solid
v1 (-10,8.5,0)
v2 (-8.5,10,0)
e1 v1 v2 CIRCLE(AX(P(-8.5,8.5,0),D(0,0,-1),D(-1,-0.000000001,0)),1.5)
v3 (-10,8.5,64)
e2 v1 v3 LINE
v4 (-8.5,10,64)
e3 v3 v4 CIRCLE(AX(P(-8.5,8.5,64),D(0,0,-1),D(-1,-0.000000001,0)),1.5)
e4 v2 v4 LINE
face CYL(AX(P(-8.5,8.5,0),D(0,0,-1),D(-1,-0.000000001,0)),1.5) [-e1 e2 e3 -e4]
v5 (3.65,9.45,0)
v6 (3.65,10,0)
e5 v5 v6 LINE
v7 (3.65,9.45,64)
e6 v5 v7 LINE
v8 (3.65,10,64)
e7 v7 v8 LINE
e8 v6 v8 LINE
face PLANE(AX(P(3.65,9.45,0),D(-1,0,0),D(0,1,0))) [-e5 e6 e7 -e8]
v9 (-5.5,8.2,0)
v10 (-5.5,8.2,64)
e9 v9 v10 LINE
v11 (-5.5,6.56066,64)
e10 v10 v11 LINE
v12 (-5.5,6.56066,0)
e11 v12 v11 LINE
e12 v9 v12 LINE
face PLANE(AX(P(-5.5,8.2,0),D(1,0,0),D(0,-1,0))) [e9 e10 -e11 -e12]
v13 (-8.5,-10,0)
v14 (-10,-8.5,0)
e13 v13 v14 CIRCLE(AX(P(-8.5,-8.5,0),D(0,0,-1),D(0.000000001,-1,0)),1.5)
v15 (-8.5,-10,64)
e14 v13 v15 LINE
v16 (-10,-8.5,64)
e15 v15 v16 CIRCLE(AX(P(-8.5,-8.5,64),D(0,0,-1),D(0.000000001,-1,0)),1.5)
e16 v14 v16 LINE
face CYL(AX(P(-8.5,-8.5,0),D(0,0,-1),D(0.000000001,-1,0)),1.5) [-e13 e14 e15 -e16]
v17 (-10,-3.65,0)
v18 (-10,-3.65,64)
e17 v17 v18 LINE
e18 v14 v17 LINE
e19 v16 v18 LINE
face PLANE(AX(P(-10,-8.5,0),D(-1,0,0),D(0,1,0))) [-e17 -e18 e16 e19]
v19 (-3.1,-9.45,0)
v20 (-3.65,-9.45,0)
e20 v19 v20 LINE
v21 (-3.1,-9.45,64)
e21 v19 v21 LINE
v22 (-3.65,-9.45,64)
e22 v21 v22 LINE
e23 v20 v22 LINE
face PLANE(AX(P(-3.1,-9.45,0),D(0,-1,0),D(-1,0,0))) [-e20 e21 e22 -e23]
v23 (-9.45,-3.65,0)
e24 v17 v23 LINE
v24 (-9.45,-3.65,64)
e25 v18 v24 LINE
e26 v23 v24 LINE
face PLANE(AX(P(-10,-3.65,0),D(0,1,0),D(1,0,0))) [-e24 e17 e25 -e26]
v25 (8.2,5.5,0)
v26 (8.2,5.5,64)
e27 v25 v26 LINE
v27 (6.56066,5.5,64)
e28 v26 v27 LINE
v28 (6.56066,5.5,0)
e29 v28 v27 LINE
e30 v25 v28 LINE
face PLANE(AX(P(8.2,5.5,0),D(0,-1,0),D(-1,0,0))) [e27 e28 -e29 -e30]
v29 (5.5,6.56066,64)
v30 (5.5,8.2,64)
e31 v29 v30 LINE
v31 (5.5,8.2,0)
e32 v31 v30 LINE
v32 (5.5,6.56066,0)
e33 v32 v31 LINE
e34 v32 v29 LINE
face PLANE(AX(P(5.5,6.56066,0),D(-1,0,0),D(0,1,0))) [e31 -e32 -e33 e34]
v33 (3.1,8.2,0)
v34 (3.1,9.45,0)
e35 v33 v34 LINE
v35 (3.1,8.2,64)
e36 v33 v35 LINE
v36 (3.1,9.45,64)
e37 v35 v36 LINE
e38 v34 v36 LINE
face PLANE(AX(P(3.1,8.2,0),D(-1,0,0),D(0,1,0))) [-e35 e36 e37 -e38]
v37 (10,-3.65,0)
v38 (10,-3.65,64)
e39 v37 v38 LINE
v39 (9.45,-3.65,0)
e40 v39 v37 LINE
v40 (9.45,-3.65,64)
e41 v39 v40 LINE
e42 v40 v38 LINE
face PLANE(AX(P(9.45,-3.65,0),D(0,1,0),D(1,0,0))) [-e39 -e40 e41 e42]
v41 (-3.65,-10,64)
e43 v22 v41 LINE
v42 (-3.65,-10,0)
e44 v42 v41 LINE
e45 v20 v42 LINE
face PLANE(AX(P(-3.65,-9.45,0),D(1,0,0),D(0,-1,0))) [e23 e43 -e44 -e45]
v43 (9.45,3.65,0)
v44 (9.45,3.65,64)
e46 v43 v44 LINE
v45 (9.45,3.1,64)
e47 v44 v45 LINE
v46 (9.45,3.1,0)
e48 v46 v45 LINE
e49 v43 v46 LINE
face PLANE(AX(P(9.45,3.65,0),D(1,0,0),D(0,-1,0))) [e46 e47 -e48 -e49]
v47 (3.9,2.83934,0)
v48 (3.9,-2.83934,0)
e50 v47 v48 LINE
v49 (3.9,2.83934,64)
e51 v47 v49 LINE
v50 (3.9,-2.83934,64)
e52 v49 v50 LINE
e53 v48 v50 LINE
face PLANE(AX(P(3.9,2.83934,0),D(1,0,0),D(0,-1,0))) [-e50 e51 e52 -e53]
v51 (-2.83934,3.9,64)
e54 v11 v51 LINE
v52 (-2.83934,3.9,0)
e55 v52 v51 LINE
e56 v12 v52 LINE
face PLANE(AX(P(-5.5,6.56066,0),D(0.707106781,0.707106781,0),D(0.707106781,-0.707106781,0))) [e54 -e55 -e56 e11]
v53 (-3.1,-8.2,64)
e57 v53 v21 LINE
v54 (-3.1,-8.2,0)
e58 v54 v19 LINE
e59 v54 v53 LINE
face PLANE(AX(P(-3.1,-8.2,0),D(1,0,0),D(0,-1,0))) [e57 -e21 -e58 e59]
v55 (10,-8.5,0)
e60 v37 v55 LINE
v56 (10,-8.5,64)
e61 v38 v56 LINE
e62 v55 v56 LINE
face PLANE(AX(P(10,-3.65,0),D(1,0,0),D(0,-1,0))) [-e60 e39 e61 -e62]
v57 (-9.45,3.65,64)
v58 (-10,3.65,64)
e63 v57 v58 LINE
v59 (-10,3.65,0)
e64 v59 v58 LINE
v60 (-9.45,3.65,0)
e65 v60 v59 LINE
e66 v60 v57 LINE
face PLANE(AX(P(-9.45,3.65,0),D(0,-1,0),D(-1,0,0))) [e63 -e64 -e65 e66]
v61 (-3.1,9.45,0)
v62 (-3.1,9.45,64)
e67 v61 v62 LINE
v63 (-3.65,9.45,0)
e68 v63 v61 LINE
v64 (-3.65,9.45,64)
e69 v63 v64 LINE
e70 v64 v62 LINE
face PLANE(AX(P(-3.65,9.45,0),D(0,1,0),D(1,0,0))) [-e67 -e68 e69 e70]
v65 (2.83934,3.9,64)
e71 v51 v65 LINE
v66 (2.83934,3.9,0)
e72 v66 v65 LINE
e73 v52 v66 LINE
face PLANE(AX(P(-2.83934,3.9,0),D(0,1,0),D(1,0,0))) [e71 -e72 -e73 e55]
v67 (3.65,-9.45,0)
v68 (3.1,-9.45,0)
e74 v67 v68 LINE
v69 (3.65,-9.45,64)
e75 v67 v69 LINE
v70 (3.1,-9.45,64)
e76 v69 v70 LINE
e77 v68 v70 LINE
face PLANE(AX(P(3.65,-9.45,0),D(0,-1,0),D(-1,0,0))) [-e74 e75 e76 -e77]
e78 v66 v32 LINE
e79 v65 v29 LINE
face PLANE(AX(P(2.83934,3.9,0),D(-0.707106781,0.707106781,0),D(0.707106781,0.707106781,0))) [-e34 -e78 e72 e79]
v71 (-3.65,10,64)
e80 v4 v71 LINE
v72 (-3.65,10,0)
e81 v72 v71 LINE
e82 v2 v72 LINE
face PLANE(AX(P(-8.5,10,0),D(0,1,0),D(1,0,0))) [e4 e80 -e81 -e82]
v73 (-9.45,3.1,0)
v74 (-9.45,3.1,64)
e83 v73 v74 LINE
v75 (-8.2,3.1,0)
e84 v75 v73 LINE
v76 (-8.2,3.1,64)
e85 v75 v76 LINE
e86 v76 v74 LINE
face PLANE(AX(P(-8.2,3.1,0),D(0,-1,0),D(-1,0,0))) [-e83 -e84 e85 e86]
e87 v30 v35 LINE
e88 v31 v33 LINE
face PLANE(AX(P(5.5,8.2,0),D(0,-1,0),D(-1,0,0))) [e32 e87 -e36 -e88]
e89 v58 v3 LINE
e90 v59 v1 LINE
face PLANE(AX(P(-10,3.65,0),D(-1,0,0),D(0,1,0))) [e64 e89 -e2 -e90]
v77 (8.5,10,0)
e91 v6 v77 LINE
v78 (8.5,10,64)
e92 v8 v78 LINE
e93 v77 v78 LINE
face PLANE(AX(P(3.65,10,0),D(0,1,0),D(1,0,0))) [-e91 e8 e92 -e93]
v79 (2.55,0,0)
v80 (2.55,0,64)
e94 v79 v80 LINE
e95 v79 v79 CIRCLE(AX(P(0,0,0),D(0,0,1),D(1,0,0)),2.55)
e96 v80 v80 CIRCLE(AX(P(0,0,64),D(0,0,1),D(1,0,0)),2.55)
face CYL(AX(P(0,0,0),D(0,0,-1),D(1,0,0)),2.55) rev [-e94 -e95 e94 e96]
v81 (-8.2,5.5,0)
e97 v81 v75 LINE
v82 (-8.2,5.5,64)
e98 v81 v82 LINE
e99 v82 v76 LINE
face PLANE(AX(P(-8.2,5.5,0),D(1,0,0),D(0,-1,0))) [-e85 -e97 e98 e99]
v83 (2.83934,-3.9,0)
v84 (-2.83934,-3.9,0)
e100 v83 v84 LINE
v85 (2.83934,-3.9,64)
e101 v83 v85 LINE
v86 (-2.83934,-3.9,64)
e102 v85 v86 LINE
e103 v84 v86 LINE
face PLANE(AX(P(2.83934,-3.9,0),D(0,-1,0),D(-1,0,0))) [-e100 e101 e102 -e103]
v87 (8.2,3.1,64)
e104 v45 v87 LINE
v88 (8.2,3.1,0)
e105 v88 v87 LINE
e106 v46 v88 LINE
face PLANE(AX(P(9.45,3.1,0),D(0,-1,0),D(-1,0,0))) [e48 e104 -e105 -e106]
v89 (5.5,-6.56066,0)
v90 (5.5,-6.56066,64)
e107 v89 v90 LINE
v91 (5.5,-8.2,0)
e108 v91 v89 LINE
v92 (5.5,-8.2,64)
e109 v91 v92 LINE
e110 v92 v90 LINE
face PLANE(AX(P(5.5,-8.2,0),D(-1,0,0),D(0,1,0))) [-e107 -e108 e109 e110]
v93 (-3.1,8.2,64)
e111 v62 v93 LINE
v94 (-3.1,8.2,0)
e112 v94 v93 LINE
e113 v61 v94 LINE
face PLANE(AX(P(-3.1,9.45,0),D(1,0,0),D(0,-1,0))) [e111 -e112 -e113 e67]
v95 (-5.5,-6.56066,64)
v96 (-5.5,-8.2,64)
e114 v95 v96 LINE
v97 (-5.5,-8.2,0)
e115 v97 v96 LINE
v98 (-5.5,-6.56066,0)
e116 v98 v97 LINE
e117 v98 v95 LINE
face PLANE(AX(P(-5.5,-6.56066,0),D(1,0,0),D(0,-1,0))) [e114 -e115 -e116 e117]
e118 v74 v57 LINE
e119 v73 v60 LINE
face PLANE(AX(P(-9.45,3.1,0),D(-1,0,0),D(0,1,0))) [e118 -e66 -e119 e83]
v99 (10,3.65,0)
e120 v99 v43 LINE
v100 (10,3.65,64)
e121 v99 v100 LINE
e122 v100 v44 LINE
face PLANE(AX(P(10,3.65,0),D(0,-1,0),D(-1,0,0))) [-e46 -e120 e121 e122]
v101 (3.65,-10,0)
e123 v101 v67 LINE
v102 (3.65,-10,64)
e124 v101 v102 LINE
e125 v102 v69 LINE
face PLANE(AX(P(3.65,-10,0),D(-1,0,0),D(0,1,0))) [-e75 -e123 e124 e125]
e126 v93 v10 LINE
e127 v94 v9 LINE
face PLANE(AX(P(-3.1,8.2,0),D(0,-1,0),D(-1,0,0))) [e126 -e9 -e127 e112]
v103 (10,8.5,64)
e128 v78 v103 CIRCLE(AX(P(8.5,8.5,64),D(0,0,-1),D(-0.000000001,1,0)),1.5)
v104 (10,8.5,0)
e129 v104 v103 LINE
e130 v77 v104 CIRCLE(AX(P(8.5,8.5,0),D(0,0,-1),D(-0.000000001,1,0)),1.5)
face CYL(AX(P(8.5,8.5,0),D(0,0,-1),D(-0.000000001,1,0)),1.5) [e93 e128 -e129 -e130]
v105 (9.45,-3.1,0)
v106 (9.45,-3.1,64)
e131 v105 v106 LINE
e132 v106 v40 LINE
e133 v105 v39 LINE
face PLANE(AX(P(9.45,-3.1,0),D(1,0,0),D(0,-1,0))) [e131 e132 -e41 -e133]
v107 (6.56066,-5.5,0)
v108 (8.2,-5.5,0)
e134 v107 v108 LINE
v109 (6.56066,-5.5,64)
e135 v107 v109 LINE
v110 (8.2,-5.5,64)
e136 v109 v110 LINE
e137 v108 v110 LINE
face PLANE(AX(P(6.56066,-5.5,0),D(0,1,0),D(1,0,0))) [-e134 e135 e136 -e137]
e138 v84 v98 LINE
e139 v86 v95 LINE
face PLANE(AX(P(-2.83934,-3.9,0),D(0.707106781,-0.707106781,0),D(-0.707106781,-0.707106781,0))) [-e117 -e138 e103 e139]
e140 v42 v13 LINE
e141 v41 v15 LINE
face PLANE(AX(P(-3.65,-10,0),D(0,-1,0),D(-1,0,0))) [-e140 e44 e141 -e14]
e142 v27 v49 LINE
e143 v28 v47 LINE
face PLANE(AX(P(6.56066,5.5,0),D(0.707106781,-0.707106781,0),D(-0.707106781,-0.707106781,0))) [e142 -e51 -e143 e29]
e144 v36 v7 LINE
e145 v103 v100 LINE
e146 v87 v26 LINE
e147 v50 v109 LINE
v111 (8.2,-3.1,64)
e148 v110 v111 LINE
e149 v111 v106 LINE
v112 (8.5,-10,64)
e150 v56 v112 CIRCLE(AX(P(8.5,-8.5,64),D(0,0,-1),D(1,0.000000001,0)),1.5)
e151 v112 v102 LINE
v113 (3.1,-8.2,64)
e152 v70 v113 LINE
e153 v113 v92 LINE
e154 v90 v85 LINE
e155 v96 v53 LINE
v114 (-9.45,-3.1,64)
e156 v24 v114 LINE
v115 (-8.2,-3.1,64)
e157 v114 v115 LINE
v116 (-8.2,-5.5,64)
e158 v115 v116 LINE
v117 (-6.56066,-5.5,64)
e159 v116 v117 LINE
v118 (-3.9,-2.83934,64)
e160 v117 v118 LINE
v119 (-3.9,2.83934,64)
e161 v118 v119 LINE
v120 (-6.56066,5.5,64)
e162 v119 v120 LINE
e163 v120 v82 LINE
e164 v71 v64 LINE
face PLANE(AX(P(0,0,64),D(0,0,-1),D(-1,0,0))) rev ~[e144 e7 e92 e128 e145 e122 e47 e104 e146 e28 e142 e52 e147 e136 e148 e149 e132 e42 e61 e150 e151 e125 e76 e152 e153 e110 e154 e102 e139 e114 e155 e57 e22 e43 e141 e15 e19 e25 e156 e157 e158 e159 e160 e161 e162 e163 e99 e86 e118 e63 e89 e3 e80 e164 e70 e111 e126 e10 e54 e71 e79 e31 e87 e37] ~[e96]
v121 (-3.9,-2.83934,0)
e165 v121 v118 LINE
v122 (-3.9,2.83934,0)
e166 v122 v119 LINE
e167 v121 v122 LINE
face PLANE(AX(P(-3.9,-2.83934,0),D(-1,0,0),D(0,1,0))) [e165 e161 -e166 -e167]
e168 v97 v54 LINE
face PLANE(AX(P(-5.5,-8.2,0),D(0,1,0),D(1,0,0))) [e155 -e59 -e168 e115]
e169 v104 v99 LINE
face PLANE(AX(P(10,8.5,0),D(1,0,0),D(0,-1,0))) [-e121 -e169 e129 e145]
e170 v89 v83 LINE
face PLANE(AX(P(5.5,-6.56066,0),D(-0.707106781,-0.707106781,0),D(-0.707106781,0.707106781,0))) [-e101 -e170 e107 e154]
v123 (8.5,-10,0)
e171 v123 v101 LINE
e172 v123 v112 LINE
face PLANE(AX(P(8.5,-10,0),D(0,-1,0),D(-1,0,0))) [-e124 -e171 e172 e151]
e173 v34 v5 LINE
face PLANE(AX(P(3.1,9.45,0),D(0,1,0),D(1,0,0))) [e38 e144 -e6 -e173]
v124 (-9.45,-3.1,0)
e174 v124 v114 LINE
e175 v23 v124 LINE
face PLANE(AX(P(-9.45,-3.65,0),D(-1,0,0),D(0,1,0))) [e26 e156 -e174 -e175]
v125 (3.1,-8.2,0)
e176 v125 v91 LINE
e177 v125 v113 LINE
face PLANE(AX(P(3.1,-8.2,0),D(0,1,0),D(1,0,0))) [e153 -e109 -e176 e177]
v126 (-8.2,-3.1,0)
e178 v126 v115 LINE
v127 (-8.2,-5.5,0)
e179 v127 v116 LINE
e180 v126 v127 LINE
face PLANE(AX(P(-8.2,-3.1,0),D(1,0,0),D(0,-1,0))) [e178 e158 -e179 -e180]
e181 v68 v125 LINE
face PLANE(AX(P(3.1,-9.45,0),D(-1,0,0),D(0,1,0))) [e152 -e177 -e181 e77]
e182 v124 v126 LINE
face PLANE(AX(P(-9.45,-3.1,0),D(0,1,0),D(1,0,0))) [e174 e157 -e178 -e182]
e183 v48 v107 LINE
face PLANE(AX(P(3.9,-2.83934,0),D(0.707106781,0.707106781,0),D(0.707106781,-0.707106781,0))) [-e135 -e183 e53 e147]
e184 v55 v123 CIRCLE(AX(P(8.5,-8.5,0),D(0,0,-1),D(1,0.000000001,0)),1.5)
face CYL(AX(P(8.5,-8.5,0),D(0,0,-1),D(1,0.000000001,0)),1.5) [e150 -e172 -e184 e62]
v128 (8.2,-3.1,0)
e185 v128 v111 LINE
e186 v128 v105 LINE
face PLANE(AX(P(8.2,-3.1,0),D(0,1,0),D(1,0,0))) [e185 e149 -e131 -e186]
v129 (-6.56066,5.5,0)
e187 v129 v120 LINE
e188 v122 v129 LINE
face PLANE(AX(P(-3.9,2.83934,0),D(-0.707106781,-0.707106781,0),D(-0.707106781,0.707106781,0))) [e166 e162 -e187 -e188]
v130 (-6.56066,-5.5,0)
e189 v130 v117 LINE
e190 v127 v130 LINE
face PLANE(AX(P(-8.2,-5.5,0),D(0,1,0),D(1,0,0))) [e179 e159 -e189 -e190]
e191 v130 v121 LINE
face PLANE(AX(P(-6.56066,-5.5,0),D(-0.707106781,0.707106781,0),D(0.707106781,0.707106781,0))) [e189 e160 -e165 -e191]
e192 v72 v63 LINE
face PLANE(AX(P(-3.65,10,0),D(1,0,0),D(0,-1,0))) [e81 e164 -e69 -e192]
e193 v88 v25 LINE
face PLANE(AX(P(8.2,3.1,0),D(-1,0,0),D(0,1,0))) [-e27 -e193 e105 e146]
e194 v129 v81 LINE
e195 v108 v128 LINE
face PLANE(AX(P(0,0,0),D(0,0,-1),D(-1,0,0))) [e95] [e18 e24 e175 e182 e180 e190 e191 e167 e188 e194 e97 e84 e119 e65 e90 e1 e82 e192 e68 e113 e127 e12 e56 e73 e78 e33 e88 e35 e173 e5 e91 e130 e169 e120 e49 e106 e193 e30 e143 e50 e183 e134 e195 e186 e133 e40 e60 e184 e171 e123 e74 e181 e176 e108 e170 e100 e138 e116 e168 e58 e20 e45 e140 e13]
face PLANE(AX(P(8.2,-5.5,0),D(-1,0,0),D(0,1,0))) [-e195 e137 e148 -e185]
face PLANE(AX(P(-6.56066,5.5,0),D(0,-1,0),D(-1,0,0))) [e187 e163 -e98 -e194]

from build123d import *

# Parameters (mm, degrees)
SKETCH_1_R      = 2.55
EXTRUDE_1_DEPTH = 64


with BuildPart() as part:
    # 草图1 → 凸台-拉伸1 (new body)
    with BuildSketch(Plane.XY):
        with BuildLine():
            Line((-3.9, 2.839339828), (-6.560660172, 5.5))
            Line((-6.560660172, 5.5), (-8.2, 5.5))
            Line((-8.2, 5.5), (-8.2, 3.1))
            Line((-8.2, 3.1), (-9.45, 3.1))
            Line((-9.45, 3.1), (-9.45, 3.65))
            Line((-9.45, 3.65), (-10, 3.65))
            Line((-10, 3.65), (-10, 8.5))
            ThreePointArc((-10, 8.5), (-9.560660172, 9.560660172), (-8.5, 10))
            Line((-8.5, 10), (-3.65, 10))
            Line((-3.65, 10), (-3.65, 9.45))
            Line((-3.65, 9.45), (-3.1, 9.45))
            Line((-3.1, 9.45), (-3.1, 8.2))
            Line((-3.1, 8.2), (-5.5, 8.2))
            Line((-5.5, 8.2), (-5.5, 6.560660172))
            Line((-5.5, 6.560660172), (-2.839339828, 3.9))
            Line((-2.839339828, 3.9), (2.839339828, 3.9))
            Line((2.839339828, 3.9), (5.5, 6.560660172))
            Line((5.5, 6.560660172), (5.5, 8.2))
            Line((5.5, 8.2), (3.1, 8.2))
            Line((3.1, 8.2), (3.1, 9.45))
            Line((3.1, 9.45), (3.65, 9.45))
            Line((3.65, 9.45), (3.65, 10))
            Line((3.65, 10), (8.5, 10))
            ThreePointArc((8.5, 10), (9.560660172, 9.560660172), (10, 8.5))
            Line((10, 8.5), (10, 3.65))
            Line((10, 3.65), (9.45, 3.65))
            Line((9.45, 3.65), (9.45, 3.1))
            Line((9.45, 3.1), (8.2, 3.1))
            Line((8.2, 3.1), (8.2, 5.5))
            Line((8.2, 5.5), (6.560660172, 5.5))
            Line((6.560660172, 5.5), (3.9, 2.839339828))
            Line((3.9, 2.839339828), (3.9, -2.839339828))
            Line((3.9, -2.839339828), (6.560660172, -5.5))
            Line((6.560660172, -5.5), (8.2, -5.5))
            Line((8.2, -5.5), (8.2, -3.1))
            Line((8.2, -3.1), (9.45, -3.1))
            Line((9.45, -3.1), (9.45, -3.65))
            Line((9.45, -3.65), (10, -3.65))
            Line((10, -3.65), (10, -8.5))
            ThreePointArc((10, -8.5), (9.560660172, -9.560660172), (8.5, -10))
            Line((8.5, -10), (3.65, -10))
            Line((3.65, -10), (3.65, -9.45))
            Line((3.65, -9.45), (3.1, -9.45))
            Line((3.1, -9.45), (3.1, -8.2))
            Line((3.1, -8.2), (5.5, -8.2))
            Line((5.5, -8.2), (5.5, -6.560660172))
            Line((5.5, -6.560660172), (2.839339828, -3.9))
            Line((2.839339828, -3.9), (-2.839339828, -3.9))
            Line((-2.839339828, -3.9), (-5.5, -6.560660172))
            Line((-5.5, -6.560660172), (-5.5, -8.2))
            Line((-5.5, -8.2), (-3.1, -8.2))
            Line((-3.1, -8.2), (-3.1, -9.45))
            Line((-3.1, -9.45), (-3.65, -9.45))
            Line((-3.65, -9.45), (-3.65, -10))
            Line((-3.65, -10), (-8.5, -10))
            ThreePointArc((-8.5, -10), (-9.560660172, -9.560660172), (-10, -8.5))
            Line((-10, -8.5), (-10, -3.65))
            Line((-10, -3.65), (-9.45, -3.65))
            Line((-9.45, -3.65), (-9.45, -3.1))
            Line((-9.45, -3.1), (-8.2, -3.1))
            Line((-8.2, -3.1), (-8.2, -5.5))
            Line((-8.2, -5.5), (-6.560660172, -5.5))
            Line((-6.560660172, -5.5), (-3.9, -2.839339828))
            Line((-3.9, -2.839339828), (-3.9, 2.839339828))
        make_face()
        Circle(SKETCH_1_R, mode=Mode.SUBTRACT)
    extrude(amount=EXTRUDE_1_DEPTH)


solid = part.part
